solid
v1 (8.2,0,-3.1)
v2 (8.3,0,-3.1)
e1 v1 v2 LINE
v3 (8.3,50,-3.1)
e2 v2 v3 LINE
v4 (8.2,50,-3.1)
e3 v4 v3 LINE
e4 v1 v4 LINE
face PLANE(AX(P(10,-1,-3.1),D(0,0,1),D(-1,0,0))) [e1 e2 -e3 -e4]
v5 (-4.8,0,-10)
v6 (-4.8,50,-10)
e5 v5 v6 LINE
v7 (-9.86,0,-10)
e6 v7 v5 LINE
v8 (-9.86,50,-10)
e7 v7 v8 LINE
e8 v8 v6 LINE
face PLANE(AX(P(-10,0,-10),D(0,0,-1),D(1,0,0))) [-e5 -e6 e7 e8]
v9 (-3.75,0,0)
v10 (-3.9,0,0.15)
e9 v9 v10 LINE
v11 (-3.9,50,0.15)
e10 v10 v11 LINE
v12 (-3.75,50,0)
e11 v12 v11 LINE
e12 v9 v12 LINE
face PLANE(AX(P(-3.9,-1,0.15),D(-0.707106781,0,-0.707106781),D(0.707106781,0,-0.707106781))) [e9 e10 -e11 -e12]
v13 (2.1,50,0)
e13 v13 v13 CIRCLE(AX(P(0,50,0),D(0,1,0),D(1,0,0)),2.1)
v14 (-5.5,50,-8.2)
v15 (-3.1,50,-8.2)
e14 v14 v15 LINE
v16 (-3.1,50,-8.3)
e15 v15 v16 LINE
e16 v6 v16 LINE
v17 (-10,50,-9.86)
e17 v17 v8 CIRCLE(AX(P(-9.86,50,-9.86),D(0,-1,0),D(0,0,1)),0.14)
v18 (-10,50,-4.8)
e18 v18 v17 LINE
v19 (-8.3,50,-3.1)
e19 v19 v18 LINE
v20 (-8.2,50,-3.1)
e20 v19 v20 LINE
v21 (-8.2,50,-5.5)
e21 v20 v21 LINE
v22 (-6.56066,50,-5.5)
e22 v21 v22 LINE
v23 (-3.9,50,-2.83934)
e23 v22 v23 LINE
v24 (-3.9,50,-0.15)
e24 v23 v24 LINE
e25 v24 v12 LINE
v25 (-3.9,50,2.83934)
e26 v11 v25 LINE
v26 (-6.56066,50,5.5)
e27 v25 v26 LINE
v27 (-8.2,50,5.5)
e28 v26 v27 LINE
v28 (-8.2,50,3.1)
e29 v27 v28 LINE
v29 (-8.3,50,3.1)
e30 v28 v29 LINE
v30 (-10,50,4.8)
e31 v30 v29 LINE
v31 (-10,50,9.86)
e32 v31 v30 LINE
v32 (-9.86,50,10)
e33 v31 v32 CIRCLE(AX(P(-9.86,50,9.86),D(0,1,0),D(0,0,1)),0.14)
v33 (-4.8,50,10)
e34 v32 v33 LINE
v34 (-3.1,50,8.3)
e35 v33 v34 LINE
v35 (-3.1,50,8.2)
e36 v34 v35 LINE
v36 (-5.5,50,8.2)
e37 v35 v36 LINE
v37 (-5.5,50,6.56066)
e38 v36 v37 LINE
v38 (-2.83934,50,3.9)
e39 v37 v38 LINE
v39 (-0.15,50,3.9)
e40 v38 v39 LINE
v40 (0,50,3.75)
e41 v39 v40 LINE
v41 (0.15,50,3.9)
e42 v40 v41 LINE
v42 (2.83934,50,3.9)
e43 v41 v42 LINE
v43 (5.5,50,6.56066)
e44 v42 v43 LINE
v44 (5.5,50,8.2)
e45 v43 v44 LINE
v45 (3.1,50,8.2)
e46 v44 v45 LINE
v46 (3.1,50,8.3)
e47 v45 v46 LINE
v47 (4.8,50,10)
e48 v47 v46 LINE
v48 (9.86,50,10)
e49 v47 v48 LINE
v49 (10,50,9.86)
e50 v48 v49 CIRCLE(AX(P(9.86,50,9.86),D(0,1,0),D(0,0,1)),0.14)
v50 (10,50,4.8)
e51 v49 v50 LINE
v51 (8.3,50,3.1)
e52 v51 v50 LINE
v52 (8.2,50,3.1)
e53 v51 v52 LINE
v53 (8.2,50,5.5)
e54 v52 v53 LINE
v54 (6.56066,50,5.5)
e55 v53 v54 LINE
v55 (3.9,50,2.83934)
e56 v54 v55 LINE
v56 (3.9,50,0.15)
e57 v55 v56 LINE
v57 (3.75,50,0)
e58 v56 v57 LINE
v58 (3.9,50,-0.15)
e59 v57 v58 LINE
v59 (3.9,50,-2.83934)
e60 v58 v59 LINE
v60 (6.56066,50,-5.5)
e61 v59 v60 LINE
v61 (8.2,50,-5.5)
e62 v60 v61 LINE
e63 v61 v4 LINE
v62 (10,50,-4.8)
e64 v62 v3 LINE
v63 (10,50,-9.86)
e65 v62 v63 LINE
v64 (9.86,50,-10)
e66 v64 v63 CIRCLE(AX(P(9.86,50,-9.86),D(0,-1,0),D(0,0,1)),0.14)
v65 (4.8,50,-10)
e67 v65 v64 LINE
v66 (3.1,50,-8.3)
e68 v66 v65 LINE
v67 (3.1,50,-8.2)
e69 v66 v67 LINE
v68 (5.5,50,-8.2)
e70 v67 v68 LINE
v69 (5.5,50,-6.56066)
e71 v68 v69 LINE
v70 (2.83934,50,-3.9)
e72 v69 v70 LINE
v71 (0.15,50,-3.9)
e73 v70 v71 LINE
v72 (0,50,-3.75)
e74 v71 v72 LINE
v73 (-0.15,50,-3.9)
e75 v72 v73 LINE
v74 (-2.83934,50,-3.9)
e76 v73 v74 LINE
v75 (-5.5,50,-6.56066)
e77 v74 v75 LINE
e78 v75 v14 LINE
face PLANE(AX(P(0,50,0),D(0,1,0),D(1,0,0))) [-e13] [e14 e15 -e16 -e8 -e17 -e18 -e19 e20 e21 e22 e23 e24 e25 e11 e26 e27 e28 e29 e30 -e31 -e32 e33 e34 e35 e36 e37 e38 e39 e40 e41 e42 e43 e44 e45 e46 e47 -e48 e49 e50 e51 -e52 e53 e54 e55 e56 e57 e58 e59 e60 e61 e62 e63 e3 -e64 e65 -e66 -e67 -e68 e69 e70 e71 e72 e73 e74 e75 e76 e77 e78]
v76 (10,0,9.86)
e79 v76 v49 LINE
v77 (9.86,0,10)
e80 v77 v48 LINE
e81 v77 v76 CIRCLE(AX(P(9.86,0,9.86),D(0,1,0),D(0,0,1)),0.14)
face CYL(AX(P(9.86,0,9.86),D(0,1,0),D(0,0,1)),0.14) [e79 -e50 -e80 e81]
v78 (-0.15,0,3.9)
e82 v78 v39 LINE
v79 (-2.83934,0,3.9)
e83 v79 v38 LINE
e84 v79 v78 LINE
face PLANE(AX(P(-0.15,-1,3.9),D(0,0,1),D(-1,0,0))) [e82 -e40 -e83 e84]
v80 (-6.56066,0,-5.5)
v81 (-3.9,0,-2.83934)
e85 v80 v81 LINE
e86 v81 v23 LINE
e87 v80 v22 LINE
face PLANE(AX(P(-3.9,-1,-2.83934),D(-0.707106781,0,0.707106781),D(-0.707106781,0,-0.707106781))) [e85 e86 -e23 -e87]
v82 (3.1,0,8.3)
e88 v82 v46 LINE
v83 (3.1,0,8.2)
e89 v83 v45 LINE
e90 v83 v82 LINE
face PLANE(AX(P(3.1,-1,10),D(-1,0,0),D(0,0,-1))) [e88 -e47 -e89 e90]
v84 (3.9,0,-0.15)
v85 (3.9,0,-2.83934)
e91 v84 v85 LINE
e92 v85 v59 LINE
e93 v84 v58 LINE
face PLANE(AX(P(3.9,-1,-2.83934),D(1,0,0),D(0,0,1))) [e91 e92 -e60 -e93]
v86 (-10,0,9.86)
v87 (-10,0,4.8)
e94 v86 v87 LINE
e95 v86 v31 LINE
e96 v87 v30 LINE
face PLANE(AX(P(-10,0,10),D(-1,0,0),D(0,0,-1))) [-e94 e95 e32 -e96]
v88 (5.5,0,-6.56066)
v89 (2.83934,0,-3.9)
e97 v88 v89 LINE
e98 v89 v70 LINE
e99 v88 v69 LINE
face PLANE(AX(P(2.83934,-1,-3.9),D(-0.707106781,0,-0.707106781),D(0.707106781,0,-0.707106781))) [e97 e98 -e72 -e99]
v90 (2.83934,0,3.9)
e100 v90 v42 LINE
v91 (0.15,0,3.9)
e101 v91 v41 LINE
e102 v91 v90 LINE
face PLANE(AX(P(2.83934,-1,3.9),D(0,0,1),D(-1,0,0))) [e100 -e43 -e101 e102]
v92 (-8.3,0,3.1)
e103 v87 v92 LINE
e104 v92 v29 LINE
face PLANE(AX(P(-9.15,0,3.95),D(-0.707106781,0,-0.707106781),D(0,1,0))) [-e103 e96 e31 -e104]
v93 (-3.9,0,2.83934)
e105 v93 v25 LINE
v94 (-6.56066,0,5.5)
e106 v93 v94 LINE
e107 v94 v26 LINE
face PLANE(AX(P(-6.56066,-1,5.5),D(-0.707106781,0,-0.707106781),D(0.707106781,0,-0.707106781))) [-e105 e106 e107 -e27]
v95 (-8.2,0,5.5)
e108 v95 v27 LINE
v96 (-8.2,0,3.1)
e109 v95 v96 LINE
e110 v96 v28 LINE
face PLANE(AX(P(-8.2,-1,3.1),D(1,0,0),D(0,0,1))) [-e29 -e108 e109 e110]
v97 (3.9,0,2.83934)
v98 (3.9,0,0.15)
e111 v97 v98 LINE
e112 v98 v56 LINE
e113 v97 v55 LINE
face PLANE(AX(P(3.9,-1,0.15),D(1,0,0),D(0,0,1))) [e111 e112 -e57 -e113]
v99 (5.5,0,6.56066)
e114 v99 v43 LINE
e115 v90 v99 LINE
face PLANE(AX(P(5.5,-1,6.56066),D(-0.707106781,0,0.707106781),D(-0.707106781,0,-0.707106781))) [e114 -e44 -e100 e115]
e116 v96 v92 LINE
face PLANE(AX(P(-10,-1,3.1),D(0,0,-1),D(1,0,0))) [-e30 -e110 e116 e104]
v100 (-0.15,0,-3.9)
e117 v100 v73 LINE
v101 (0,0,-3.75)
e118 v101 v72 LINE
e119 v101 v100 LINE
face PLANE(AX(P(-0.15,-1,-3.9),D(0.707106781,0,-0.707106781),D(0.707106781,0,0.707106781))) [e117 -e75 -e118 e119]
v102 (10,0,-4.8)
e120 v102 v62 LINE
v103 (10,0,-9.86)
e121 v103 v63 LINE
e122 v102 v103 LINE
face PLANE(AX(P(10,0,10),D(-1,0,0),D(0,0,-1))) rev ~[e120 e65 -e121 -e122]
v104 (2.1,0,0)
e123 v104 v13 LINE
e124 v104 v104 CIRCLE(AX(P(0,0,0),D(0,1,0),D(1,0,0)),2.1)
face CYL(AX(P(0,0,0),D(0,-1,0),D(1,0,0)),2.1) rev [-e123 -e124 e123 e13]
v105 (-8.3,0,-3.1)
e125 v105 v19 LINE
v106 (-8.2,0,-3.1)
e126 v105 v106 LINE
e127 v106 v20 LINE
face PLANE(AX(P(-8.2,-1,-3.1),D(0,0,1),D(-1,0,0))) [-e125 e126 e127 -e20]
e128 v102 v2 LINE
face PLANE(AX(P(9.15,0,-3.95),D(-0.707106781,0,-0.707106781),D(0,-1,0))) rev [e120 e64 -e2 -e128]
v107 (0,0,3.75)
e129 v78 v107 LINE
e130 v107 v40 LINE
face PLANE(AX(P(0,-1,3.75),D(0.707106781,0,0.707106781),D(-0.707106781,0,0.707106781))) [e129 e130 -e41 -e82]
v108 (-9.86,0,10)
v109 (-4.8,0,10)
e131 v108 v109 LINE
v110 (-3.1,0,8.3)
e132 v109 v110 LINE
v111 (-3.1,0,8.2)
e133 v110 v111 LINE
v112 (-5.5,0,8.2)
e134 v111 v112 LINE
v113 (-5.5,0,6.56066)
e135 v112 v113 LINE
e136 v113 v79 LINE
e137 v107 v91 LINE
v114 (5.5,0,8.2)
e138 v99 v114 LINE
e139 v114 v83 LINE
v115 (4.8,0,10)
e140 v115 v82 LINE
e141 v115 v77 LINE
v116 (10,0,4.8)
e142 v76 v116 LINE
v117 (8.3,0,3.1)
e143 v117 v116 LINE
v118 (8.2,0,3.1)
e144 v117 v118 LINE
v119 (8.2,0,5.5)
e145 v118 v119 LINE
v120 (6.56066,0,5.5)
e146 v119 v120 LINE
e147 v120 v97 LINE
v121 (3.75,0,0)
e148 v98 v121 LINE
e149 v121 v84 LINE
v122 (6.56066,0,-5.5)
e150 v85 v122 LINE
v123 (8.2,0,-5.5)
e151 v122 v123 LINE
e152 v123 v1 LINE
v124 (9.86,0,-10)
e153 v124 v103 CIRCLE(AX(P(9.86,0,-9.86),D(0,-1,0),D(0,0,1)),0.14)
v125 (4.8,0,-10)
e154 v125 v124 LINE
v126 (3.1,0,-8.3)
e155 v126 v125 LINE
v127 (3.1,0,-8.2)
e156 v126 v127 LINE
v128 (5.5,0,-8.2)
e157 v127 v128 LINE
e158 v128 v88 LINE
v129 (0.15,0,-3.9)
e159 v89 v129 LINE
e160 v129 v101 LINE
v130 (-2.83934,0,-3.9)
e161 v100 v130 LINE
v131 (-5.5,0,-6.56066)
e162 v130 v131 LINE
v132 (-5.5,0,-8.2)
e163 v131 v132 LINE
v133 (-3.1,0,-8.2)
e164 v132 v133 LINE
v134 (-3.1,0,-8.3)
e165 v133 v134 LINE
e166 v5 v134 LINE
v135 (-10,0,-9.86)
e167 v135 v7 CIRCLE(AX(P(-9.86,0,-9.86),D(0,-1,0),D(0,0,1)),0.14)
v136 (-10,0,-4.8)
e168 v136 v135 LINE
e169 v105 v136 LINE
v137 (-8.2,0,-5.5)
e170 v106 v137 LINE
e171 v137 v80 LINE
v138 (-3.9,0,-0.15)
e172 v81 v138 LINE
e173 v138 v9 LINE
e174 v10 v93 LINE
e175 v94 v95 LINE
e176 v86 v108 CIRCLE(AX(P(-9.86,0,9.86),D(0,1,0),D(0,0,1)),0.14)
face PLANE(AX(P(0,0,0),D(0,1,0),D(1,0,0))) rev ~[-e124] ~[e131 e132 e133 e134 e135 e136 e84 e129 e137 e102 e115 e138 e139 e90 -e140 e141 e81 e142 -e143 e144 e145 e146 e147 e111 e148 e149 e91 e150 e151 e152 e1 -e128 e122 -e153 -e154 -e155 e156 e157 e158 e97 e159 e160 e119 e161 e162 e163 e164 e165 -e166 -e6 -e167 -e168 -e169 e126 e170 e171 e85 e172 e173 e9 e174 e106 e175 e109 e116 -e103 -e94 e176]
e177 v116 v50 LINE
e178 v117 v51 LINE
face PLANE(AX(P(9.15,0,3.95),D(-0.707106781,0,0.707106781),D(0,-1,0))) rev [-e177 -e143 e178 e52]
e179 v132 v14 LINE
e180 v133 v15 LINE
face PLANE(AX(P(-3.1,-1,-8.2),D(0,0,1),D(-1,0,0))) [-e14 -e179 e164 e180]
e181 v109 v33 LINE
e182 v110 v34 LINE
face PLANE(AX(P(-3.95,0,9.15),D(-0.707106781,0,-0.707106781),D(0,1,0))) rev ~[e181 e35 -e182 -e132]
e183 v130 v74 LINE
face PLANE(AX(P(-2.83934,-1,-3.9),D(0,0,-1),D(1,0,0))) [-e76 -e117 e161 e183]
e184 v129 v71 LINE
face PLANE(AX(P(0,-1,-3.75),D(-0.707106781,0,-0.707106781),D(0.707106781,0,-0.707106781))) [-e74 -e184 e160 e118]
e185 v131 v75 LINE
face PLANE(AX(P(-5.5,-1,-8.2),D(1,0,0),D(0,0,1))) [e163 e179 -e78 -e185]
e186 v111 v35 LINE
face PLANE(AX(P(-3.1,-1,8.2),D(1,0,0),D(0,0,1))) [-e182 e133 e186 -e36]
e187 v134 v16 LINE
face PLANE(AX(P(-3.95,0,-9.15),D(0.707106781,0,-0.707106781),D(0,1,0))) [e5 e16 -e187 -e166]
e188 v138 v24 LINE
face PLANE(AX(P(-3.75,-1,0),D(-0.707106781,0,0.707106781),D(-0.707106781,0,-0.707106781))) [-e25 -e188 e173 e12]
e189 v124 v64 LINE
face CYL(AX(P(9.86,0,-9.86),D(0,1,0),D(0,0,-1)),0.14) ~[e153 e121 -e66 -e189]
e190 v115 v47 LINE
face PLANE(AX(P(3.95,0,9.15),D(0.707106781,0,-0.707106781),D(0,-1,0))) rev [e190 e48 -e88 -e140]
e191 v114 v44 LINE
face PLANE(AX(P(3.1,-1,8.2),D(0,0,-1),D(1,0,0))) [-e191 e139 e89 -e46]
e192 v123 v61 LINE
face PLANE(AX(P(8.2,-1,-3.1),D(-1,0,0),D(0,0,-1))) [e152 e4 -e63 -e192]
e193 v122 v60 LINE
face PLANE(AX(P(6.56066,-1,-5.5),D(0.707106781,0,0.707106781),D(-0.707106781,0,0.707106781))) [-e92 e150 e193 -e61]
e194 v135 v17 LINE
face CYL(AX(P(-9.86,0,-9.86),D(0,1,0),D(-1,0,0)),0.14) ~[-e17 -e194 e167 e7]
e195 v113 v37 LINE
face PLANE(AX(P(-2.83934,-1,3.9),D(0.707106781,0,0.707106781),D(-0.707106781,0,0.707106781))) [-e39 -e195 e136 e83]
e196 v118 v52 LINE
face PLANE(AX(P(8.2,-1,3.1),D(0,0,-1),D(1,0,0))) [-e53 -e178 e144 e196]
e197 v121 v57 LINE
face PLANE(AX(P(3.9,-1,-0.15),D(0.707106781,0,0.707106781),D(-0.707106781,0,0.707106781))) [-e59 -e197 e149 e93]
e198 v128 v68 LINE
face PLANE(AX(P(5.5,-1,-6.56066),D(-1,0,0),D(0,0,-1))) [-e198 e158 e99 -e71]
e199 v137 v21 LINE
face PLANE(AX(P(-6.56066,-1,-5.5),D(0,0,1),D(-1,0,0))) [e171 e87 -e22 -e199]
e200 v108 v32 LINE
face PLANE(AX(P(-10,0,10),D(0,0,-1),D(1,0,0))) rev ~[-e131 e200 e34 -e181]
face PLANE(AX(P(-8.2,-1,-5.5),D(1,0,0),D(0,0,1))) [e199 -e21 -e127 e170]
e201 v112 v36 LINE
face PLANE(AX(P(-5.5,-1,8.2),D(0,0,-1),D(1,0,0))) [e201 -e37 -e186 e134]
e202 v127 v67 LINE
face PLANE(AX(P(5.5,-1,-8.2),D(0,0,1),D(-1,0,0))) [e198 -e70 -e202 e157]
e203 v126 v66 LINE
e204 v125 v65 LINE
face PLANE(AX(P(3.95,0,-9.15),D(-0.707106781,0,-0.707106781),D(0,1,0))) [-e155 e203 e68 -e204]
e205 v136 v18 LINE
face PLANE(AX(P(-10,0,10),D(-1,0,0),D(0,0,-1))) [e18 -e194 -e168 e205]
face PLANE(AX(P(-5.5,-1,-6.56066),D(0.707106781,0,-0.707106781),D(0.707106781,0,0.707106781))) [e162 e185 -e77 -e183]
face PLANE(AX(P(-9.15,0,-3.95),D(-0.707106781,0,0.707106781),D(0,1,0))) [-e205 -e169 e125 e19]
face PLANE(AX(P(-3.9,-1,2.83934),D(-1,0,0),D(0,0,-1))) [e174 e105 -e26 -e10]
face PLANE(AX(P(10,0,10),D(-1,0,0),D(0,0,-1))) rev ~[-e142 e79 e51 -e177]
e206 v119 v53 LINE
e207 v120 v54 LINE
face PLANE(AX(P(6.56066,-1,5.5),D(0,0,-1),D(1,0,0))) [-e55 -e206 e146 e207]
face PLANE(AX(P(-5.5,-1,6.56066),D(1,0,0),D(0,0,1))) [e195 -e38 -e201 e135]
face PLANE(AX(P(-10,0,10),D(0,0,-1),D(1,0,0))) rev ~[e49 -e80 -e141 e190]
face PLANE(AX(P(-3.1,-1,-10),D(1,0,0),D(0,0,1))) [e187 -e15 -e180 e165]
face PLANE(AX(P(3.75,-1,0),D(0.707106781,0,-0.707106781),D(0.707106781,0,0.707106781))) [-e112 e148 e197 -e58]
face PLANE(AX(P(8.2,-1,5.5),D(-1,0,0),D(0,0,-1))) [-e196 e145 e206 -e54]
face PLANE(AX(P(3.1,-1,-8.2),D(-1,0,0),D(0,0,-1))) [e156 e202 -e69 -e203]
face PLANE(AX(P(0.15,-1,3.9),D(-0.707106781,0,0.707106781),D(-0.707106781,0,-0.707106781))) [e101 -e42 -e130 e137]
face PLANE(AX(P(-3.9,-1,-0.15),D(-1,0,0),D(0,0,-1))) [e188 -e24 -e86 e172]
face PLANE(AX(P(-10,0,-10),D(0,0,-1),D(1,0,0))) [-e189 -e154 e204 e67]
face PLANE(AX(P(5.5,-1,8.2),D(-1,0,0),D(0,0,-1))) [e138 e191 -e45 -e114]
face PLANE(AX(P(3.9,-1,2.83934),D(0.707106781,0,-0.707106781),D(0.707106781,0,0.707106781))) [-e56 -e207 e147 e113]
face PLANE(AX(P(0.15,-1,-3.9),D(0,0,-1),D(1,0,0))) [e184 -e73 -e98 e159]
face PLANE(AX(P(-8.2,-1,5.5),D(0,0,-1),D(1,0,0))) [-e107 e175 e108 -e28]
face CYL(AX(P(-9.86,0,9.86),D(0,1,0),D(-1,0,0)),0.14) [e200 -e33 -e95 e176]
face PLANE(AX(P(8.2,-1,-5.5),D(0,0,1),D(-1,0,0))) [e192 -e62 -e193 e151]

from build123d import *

# Parameters (mm, degrees)
SKETCH3_W           = 20
SKETCH3_H           = 20
SKETCH3_R           = 2.1
BOSS_EXTRUDE1_DEPTH = 50
CUT_EXTRUDE1_START  = -1
CUT_EXTRUDE1_DEPTH  = 52
CIRPATTERN1_COUNT   = 4
CHAMFER2_SIZE       = 1.7
FILLET1_R           = 0.14


with BuildPart() as part:
    # Sketch3 → Boss-Extrude1 (new body)
    with BuildSketch(Plane(origin=(0, 0, 0), x_dir=(1, 0, 0), z_dir=(0, 1, 0))):
        Rectangle(SKETCH3_W, SKETCH3_H)
        Circle(SKETCH3_R, mode=Mode.SUBTRACT)
    extrude(amount=BOSS_EXTRUDE1_DEPTH)

    # Sketch4 → Cut-Extrude1 (cut)
    with BuildSketch(Plane(origin=(0, 0, 0), x_dir=(1, 0, 0), z_dir=(0, 1, 0)).offset(CUT_EXTRUDE1_START)):
        Polygon((-3.1, 10), (-3.1, 8.2), (-5.5, 8.2), (-5.5, 6.560660172), (-2.839339828, 3.9), (-0.15, 3.9), (0, 3.75), (0.15, 3.9), (2.839339828, 3.9), (5.5, 6.560660172), (5.5, 8.2), (3.1, 8.2), (3.1, 10), align=None)
    cut_extrude1 = extrude(amount=CUT_EXTRUDE1_DEPTH, mode=Mode.SUBTRACT)

    # CirPattern1: Cut-Extrude1 ×4 about axis
    cirpattern1_axis = Axis((0, 0, 0), (0, 1, 0))
    for i in range(1, CIRPATTERN1_COUNT):
        add(cut_extrude1.rotate(cirpattern1_axis, i * 360 / CIRPATTERN1_COUNT), mode=Mode.SUBTRACT)

    # Chamfer2
    chamfer2_edges = [part.edges().sort_by_distance(p)[0] for p in [
        (-3.1, 25, 10),
        (3.1, 25, 10),
        (-10, 25, -3.1),
        (-10, 25, 3.1),
        (10, 25, 3.1),
        (10, 25, -3.1),
        (3.1, 25, -10),
        (-3.1, 25, -10),
    ]]
    chamfer(chamfer2_edges, length=CHAMFER2_SIZE)

    # Fillet1
    fillet1_edges = [part.edges().sort_by_distance(p)[0] for p in [
        (10, 25, 10),
        (-10, 25, 10),
        (-10, 25, -10),
        (10, 25, -10),
    ]]
    fillet(fillet1_edges, radius=FILLET1_R)


solid = part.part
